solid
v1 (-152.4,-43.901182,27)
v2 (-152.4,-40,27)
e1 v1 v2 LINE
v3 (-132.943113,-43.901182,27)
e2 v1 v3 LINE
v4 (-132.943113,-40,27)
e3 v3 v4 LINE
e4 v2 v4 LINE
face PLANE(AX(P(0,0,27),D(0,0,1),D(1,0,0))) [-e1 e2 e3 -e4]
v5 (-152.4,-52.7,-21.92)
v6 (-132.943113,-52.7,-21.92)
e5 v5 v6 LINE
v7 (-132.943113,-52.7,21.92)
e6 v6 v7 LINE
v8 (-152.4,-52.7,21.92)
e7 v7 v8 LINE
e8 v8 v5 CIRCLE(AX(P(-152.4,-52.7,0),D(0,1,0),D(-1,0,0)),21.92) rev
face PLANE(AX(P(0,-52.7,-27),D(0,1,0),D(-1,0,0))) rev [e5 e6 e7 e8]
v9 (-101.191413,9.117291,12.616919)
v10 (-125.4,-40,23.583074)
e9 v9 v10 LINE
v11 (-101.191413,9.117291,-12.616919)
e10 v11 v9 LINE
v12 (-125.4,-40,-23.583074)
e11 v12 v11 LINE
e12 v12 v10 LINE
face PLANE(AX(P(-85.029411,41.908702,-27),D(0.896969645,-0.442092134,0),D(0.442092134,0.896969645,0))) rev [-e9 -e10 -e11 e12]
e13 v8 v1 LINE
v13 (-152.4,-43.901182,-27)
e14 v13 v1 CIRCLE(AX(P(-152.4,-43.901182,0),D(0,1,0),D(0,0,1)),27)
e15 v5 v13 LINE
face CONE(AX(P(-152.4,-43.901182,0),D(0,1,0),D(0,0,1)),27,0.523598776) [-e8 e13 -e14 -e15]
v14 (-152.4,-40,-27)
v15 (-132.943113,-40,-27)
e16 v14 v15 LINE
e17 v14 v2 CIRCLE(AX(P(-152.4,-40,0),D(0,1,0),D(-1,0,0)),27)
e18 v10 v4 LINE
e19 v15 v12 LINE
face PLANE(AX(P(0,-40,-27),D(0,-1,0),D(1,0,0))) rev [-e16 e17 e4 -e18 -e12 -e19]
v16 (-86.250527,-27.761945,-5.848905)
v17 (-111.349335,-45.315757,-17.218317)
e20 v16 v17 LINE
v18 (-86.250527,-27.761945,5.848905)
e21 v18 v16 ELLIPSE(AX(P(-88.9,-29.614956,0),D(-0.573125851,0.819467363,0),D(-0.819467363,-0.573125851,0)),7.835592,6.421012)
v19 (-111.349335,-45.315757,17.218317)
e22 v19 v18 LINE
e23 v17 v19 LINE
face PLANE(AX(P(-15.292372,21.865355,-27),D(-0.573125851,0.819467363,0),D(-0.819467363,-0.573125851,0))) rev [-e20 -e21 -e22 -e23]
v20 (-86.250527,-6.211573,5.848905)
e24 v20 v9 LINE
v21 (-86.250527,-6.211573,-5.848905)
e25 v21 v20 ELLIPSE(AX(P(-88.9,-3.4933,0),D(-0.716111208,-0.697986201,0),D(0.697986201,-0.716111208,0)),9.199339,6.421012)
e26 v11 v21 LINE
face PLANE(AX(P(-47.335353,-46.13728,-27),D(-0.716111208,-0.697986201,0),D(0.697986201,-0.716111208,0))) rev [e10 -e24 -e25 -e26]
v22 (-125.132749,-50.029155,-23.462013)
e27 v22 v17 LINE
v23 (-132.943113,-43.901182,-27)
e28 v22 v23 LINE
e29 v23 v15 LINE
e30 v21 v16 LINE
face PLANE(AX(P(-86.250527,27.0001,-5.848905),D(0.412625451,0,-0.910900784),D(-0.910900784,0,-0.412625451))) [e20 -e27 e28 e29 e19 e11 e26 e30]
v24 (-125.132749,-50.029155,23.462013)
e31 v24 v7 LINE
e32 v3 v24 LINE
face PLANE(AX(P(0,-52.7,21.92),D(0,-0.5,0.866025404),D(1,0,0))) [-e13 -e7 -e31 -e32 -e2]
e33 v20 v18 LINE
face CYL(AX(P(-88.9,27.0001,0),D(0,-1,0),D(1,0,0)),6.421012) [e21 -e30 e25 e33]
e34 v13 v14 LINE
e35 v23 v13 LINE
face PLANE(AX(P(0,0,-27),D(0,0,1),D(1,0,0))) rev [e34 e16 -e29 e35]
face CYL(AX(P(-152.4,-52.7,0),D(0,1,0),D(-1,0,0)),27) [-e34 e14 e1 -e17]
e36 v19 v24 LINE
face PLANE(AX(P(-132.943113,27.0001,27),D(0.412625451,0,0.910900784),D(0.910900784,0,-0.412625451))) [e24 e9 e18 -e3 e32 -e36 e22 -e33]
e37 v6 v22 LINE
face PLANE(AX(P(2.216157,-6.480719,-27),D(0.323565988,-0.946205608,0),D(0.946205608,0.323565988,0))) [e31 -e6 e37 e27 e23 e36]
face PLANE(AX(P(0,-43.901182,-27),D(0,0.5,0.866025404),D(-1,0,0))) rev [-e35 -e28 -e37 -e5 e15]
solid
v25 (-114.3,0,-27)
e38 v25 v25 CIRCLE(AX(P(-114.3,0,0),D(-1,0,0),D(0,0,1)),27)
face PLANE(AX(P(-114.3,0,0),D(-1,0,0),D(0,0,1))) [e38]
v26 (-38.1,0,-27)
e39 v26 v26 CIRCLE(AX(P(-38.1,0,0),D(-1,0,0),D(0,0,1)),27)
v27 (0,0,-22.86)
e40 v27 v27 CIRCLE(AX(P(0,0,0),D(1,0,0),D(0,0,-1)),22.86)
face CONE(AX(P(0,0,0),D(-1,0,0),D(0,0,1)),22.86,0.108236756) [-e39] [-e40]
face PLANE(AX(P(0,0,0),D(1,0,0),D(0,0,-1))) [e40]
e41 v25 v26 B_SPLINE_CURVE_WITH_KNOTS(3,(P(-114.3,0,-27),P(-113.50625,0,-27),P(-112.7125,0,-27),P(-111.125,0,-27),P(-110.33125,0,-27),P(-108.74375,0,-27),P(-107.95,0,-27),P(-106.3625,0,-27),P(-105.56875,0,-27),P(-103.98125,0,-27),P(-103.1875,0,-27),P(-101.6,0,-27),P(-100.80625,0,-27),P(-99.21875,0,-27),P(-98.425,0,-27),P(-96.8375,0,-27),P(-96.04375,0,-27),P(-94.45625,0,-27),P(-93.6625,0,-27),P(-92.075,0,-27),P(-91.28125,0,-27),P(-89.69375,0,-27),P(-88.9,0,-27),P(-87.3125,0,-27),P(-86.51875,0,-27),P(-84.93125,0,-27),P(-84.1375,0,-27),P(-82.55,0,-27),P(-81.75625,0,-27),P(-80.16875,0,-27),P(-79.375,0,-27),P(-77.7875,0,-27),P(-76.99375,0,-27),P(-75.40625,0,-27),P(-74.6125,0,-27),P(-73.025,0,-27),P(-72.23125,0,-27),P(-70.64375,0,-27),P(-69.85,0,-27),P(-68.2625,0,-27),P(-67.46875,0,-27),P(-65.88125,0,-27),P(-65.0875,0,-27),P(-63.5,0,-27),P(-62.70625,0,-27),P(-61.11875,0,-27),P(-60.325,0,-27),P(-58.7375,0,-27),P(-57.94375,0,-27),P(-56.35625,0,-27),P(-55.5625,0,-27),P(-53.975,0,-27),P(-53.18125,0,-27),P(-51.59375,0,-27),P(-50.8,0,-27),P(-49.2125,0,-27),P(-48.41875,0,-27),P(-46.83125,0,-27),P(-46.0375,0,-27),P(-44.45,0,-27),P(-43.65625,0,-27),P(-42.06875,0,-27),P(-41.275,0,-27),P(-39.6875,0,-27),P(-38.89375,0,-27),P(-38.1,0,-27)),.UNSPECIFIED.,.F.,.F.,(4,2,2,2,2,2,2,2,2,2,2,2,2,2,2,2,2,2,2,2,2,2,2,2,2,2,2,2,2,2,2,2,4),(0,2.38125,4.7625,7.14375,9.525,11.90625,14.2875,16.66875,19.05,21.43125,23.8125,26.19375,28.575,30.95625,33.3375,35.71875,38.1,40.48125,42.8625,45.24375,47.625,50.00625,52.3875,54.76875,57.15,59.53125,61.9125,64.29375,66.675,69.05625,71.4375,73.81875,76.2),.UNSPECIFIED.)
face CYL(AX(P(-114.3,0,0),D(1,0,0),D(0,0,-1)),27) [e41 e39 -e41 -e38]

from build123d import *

# Parameters (mm, degrees)
SKETCH2_R                = 27
SKETCH1_R                = 22.86
BOSS_EXTRUDE3_DEPTH      = 27
BOSS_EXTRUDE3_DEPTH_BACK = 27
CUT_EXTRUDE1_DEPTH       = 194.396897645
CUT_EXTRUDE1_DEPTH_BACK  = 194.396897645
SKETCH3_R                = 27
BOSS_EXTRUDE1_DEPTH      = 76.2
CUT_EXTRUDE5_DEPTH       = 194.396897645
CHAMFER1_SIZE            = 5.08
CHAMFER1_SIZE2           = 8.798818102


with BuildPart() as part:
    # Sketch2 → Loft1 section 0
    with BuildSketch(Plane(origin=(-38.1, 0, 0), x_dir=(0, 0, -1), z_dir=(1, 0, 0))):
        Circle(SKETCH2_R)
    # Sketch1 → Loft1 section 1
    with BuildSketch(Plane(origin=(0, 0, 0), x_dir=(0, 0, -1), z_dir=(1, 0, 0))):
        Circle(SKETCH1_R)
    loft()

    # Sketch3 → Boss-Extrude1 (add)
    with BuildSketch(Plane.ZY.offset(38.1)):
        with Locations(Location((0, 0, 0), (0, 0, 180))):
            Circle(SKETCH3_R)
    extrude(amount=BOSS_EXTRUDE1_DEPTH)


with BuildPart() as body_2:
    # Sketch5 → Boss-Extrude3 (new, two sides: drawn at the far end of the back side and taken through both)
    with BuildSketch(Plane.XY.offset(-BOSS_EXTRUDE3_DEPTH_BACK)):
        Polygon((-179.4, -52.7), (-132.943113445, -52.7), (-111.349334982, -45.315756873), (-73.760134446, -19.026311402), (-101.191412815, 9.117290663), (-125.4, -40), (-179.4, -40), align=None)
    extrude(amount=BOSS_EXTRUDE3_DEPTH + BOSS_EXTRUDE3_DEPTH_BACK)

    # Sketch6 → Cut-Extrude1 (cut, two sides: drawn at the far end of the back side and taken through both)
    with BuildSketch(Plane(origin=(0, -40, 0), x_dir=(1, 0, 0), z_dir=(0, 1, 0)).offset(-CUT_EXTRUDE1_DEPTH_BACK)):
        with BuildLine():
            Line((-86.250527187, 5.848904512), (-132.943113445, 27))
            Line((-132.943113445, 27), (-91.242806862, 97.749897972))
            Line((-91.242806862, 97.749897972), (-57.269689533, 82.016741592))
            Line((-57.269689533, 82.016741592), (-73.59167625, -70.746058769))
            Line((-73.59167625, -70.746058769), (-96.605806247, -77.573084602))
            Line((-96.605806247, -77.573084602), (-132.943113445, -27))
            Line((-132.943113445, -27), (-86.250527187, -5.848904512))
            ThreePointArc((-86.250527187, -5.848904512), (-82.478988384, 0), (-86.250527187, 5.848904512))
        make_face()
    extrude(amount=CUT_EXTRUDE1_DEPTH + CUT_EXTRUDE1_DEPTH_BACK, mode=Mode.SUBTRACT)

    # Sketch7 → Cut-Extrude5 (cut, through all)
    with BuildSketch(Plane(origin=(0, -40, 0), x_dir=(1, 0, 0), z_dir=(0, 1, 0))):
        Polygon((-179.4, 27), (-152.4, 27), (-158.750236272, 40.690106542), (-204.252102954, 19.583798613), (-213.553043532, -44.478540914), (-177.8, -47.533614603), (-152.4, -27), (-179.4, -27), (-179.4, 0), align=None)
        with BuildLine():
            ThreePointArc((-179.4, 0), (-171.491883092, 19.091883092), (-152.4, 27))
            Line((-152.4, 27), (-179.4, 27))
            Line((-179.4, 27), (-179.4, 0))
        make_face()
        with BuildLine():
            ThreePointArc((-152.4, -27), (-171.491883092, -19.091883092), (-179.4, 0))
            Line((-179.4, 0), (-179.4, -27))
            Line((-179.4, -27), (-152.4, -27))
        make_face()
    extrude(amount=-CUT_EXTRUDE5_DEPTH, mode=Mode.SUBTRACT)

    # Chamfer1
    chamfer1_edges = [body_2.edges().sort_by_distance(p)[0] for p in [
        (-142.671556723, -52.7, 27),
        (-142.671556723, -52.7, -27),
        (-179.4, -52.7, 0),
    ]]
    chamfer1_side = [body_2.faces().sort_by_distance(p)[0] for p in [
        (-153.720986212, -52.7, 0),
    ]]
    chamfer(chamfer1_edges, length=CHAMFER1_SIZE, length2=CHAMFER1_SIZE2, reference=chamfer1_side[0])


solid = Compound([part.part, body_2.part])
